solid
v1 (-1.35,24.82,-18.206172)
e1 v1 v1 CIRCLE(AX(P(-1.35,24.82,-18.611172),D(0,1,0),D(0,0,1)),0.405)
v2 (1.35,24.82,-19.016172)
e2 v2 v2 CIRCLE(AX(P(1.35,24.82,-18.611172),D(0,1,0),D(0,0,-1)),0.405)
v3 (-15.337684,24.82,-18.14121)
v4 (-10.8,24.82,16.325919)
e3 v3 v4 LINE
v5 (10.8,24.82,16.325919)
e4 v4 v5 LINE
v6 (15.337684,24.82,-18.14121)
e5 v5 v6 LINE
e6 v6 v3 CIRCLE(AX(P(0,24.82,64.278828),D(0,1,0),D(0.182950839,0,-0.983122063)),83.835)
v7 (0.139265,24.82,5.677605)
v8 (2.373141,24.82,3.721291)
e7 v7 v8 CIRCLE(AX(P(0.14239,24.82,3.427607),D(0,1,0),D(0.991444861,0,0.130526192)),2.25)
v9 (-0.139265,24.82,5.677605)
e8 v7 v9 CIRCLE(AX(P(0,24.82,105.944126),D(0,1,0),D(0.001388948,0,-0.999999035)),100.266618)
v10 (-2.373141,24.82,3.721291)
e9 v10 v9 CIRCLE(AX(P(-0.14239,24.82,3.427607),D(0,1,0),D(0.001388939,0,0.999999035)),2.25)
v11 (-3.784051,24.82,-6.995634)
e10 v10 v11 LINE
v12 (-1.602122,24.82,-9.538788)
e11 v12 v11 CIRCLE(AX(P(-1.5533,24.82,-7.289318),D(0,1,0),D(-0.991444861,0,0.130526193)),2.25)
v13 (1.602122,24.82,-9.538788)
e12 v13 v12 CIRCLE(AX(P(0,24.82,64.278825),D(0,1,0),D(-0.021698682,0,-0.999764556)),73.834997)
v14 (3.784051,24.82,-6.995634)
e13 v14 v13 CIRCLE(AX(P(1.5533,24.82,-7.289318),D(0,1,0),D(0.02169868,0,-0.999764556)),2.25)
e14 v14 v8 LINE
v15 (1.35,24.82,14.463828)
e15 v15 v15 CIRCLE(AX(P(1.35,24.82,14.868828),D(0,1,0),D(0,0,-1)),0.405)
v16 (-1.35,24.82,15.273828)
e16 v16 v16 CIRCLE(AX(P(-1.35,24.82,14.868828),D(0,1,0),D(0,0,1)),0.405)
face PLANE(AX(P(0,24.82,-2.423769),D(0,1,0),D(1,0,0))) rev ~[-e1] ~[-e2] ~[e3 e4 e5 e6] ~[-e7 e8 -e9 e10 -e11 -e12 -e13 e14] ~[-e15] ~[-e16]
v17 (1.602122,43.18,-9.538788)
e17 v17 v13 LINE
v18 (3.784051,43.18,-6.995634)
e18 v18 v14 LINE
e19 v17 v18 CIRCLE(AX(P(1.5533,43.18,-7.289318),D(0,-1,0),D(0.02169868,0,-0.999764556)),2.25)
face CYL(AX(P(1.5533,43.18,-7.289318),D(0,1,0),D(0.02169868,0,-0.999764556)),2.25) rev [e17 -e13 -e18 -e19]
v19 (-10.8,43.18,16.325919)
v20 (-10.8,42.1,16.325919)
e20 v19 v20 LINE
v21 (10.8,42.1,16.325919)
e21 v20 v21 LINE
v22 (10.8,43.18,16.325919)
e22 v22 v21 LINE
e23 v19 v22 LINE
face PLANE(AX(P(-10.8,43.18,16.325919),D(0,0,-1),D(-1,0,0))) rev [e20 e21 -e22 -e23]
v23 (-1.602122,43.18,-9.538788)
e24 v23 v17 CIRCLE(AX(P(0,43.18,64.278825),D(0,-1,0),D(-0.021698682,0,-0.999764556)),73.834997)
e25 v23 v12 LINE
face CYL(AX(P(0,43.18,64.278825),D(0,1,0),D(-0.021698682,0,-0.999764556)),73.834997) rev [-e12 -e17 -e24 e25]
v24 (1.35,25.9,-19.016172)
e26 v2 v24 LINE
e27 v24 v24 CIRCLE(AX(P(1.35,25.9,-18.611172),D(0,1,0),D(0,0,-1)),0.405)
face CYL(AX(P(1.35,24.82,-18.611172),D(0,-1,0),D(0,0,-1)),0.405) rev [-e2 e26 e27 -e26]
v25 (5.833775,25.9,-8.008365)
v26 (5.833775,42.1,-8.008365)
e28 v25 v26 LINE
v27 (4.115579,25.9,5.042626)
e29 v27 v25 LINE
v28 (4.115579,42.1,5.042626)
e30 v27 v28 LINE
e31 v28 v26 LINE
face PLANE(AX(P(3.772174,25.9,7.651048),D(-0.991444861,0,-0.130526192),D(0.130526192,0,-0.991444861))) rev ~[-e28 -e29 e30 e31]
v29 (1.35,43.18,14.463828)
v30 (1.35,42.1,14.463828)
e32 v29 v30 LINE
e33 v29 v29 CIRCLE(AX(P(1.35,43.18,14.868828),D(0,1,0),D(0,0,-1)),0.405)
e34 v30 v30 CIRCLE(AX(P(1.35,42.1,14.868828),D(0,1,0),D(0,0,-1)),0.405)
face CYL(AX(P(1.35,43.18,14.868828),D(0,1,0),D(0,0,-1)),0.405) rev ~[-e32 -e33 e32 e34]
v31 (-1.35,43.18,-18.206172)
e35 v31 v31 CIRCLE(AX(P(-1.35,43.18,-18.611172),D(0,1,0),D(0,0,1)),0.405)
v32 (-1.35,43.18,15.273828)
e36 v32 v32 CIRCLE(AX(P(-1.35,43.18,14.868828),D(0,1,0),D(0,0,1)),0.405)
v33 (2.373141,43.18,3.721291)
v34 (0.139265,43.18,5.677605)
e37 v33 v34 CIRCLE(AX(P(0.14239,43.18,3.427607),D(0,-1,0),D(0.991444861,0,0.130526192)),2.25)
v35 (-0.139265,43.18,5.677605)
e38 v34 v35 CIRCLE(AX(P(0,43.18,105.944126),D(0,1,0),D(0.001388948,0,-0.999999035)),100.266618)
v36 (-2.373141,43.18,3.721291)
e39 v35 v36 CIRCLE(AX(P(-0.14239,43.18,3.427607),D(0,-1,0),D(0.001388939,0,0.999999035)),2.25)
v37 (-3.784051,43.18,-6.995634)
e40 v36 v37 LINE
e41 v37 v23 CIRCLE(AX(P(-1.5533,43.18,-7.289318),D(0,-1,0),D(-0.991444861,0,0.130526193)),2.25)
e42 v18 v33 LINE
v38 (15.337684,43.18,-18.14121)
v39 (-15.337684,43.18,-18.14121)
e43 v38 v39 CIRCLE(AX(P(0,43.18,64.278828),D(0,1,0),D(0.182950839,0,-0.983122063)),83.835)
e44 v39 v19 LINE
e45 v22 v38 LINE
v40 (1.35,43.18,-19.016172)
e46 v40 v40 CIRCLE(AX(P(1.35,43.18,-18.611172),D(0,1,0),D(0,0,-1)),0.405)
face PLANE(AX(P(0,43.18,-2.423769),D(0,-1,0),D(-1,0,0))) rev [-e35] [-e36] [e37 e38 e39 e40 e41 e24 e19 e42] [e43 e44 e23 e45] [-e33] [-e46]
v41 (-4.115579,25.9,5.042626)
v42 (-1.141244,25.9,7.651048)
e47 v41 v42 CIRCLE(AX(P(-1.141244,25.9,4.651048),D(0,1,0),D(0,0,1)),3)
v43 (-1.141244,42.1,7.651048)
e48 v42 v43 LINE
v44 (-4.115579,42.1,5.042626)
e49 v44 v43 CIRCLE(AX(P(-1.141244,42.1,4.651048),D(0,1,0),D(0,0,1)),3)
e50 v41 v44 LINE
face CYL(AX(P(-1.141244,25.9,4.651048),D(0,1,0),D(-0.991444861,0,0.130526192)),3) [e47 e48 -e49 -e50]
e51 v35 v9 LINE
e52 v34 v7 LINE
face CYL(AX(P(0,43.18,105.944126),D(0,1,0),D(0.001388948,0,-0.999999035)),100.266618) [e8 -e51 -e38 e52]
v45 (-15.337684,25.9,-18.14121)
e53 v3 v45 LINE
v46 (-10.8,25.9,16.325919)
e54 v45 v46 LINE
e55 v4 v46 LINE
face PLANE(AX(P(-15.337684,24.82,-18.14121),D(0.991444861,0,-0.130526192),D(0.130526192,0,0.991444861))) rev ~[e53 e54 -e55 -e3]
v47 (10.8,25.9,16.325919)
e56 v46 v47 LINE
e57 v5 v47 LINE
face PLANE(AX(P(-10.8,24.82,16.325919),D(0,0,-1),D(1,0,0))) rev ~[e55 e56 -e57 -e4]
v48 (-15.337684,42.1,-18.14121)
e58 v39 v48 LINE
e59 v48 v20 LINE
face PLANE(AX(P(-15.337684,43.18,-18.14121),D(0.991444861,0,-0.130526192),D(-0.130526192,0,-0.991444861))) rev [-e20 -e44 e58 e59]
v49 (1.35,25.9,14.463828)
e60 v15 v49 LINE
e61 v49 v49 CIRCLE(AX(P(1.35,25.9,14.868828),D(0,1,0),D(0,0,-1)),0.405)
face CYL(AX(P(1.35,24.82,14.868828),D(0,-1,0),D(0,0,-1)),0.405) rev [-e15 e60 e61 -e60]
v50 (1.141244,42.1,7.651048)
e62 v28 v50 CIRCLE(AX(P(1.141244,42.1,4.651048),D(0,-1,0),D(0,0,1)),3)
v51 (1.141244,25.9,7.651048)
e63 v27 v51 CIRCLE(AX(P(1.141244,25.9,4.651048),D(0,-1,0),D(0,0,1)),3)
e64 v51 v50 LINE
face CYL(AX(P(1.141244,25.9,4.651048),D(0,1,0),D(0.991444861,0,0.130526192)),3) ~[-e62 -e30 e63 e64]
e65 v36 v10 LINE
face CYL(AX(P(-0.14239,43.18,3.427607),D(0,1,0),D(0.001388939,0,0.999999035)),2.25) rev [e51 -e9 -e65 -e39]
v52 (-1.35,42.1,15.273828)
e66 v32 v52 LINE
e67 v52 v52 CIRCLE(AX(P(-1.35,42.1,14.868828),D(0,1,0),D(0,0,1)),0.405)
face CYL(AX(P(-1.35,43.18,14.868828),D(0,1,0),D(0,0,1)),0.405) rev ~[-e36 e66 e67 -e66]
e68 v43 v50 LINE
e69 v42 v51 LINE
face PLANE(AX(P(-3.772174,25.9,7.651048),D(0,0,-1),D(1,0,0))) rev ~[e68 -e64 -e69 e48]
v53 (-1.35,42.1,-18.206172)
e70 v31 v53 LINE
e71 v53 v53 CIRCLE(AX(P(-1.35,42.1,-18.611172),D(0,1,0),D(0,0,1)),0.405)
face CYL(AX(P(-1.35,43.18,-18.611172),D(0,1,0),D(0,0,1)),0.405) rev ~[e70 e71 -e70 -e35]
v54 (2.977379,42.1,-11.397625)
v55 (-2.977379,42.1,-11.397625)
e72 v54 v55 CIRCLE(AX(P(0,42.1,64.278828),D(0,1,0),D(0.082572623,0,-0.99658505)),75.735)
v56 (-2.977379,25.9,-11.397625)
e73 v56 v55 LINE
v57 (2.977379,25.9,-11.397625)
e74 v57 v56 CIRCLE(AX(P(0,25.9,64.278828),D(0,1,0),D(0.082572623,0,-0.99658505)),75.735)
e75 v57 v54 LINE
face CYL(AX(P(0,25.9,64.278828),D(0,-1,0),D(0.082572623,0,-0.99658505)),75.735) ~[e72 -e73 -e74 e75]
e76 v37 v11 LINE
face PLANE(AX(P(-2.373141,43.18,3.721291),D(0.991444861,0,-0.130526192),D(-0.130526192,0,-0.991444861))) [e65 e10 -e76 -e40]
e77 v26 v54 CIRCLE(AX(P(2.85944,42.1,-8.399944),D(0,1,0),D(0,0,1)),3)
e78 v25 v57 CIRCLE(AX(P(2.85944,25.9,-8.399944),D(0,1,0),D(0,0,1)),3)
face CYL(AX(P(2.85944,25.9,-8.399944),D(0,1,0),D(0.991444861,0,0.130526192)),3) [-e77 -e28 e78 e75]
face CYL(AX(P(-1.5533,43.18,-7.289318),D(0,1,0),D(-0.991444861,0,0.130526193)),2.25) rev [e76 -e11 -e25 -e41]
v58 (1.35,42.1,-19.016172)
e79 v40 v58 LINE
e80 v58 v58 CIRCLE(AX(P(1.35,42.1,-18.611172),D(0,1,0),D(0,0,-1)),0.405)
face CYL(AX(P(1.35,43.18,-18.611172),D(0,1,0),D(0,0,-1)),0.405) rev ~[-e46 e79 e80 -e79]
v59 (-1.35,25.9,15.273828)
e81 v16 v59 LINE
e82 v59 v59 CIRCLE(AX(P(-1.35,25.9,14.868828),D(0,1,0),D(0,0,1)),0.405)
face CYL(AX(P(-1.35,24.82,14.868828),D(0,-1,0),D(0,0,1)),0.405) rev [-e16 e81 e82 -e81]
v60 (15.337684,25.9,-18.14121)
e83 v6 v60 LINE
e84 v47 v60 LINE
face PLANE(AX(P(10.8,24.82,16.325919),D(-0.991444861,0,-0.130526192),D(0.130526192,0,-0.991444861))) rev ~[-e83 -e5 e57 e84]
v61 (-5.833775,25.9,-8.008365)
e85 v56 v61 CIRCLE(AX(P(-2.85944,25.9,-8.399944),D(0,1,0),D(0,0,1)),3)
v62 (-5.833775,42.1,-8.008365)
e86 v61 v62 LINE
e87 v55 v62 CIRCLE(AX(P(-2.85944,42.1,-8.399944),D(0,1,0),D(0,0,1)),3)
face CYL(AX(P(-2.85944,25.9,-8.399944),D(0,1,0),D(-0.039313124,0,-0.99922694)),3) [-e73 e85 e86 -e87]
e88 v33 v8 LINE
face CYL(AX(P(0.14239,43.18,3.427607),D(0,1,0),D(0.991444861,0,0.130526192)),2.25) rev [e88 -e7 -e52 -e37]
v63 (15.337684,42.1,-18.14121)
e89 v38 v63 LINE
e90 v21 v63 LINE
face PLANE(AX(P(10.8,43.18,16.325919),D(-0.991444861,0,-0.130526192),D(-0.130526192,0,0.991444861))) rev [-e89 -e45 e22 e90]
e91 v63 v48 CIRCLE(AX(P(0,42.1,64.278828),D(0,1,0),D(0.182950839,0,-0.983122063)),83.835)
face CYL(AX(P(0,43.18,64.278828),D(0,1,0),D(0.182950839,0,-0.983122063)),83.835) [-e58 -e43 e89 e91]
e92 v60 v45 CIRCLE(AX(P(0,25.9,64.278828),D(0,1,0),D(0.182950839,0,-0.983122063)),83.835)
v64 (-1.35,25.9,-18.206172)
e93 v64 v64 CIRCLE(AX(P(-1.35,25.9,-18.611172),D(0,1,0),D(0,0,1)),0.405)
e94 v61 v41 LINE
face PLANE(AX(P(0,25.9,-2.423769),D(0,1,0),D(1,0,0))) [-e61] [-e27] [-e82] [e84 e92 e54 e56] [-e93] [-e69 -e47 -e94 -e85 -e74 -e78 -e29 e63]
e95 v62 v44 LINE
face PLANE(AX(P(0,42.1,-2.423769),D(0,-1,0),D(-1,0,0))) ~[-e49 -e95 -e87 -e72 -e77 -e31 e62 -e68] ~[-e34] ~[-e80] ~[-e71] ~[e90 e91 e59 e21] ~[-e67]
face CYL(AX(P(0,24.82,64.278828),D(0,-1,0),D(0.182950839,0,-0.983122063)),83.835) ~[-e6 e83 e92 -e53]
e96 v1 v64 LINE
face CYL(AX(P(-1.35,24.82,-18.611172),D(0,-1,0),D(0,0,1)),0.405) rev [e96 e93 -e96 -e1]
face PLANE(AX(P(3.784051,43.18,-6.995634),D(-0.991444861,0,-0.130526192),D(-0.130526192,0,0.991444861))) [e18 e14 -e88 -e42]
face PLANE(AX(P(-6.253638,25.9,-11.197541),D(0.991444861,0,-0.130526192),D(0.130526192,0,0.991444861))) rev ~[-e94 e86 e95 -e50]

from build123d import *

# Parameters (mm, degrees)
SKETCH1_R           = 1.5
BOSS_EXTRUDE1_DEPTH = 4
BOSS_EXTRUDE2_DEPTH = 60
SCALE1_SCALE        = 0.27
FILLET1_R           = 3
CUT_EXTRUDE1_DEPTH  = 20


with BuildPart() as part:
    # Sketch1 → Boss-Extrude1 (new body)
    with BuildSketch(Plane(origin=(0, 0, 0), x_dir=(1, 0, 0), z_dir=(0, 1, 0))):
        with BuildLine():
            Line((-56.806235592, 60.259400507), (-40, -67.396632609))
            Line((-40, -67.396632609), (40, -67.396632609))
            Line((40, -67.396632609), (56.806235592, 60.259400507))
            ThreePointArc((56.806235592, 60.259400507), (0, 65.5), (-56.806235592, 60.259400507))
        make_face()
        with Locations(Location((-5, 62, 0), (0, 0, 270))):
            Circle(SKETCH1_R, mode=Mode.SUBTRACT)
        with Locations(Location((-5, -62, 0), (0, 0, 270))):
            Circle(SKETCH1_R, mode=Mode.SUBTRACT)
        with Locations(Location((5, -62, 0), (0, 0, 90))):
            Circle(SKETCH1_R, mode=Mode.SUBTRACT)
        with Locations(Location((5, 62, 0), (0, 0, 90))):
            Circle(SKETCH1_R, mode=Mode.SUBTRACT)
    boss_extrude1 = extrude(amount=BOSS_EXTRUDE1_DEPTH)

    # Sketch2 → Boss-Extrude2 (add)
    with BuildSketch(Plane(origin=(0, 4, 0), x_dir=(1, 0, 0), z_dir=(0, 1, 0))):
        with BuildLine():
            Line((13.971014299, -35.267480529), (23.161620791, 34.542106528))
            ThreePointArc((23.161620791, 34.542106528), (0, 35.5), (-23.161620791, 34.542106528))
            Line((-23.161620791, 34.542106528), (-13.971014299, -35.267480529))
            Line((-13.971014299, -35.267480529), (13.971014299, -35.267480529))
        make_face()
    extrude(amount=BOSS_EXTRUDE2_DEPTH)

    # Mirror1: Boss-Extrude1 across plane
    add(boss_extrude1.mirror(Plane.ZX.offset(34)))


with BuildPart() as part_1:
    # Scale1: scaled about (0, 34, -2.563249607)
    add(part.part.scale(SCALE1_SCALE).moved(Location((0, 24.82, -1.871172213))))

    # Fillet1
    fillet1_edges = [part_1.edges().sort_by_distance(p)[0] for p in [
        (3.772173861, 34, 7.65104753),
        (6.253637614, 34, -11.197540976),
        (-6.253637614, 34, -11.197540976),
        (-3.772173861, 34, 7.65104753),
    ]]
    fillet(fillet1_edges, radius=FILLET1_R)

    # Sketch3 → Cut-Extrude1 (cut)
    with BuildSketch(Plane(origin=(0, 43.18, 0), x_dir=(1, 0, 0), z_dir=(0, 1, 0))):
        with BuildLine():
            ThreePointArc((2.373141134, -3.721290728), (1.624743129, -5.12027622), (0.139265082, -5.677604625))
            ThreePointArc((0.139265082, -5.677604625), (0, -5.677507909), (-0.139265082, -5.677604625))
            ThreePointArc((-0.139265082, -5.677604625), (-1.624743129, -5.12027622), (-2.373141134, -3.721290728))
            Line((-2.373141134, -3.721290728), (-3.784051042, 6.995634014))
            ThreePointArc((-3.784051042, 6.995634014), (-3.260936346, 8.754404452), (-1.602122137, 9.538788197))
            ThreePointArc((-1.602122137, 9.538788197), (0, 9.556172213), (1.602122137, 9.538788197))
            ThreePointArc((1.602122137, 9.538788197), (3.260936346, 8.754404452), (3.784051042, 6.995634014))
            Line((3.784051042, 6.995634014), (2.373141134, -3.721290728))
        make_face()
    extrude(amount=-CUT_EXTRUDE1_DEPTH, mode=Mode.SUBTRACT)


solid = part_1.part
